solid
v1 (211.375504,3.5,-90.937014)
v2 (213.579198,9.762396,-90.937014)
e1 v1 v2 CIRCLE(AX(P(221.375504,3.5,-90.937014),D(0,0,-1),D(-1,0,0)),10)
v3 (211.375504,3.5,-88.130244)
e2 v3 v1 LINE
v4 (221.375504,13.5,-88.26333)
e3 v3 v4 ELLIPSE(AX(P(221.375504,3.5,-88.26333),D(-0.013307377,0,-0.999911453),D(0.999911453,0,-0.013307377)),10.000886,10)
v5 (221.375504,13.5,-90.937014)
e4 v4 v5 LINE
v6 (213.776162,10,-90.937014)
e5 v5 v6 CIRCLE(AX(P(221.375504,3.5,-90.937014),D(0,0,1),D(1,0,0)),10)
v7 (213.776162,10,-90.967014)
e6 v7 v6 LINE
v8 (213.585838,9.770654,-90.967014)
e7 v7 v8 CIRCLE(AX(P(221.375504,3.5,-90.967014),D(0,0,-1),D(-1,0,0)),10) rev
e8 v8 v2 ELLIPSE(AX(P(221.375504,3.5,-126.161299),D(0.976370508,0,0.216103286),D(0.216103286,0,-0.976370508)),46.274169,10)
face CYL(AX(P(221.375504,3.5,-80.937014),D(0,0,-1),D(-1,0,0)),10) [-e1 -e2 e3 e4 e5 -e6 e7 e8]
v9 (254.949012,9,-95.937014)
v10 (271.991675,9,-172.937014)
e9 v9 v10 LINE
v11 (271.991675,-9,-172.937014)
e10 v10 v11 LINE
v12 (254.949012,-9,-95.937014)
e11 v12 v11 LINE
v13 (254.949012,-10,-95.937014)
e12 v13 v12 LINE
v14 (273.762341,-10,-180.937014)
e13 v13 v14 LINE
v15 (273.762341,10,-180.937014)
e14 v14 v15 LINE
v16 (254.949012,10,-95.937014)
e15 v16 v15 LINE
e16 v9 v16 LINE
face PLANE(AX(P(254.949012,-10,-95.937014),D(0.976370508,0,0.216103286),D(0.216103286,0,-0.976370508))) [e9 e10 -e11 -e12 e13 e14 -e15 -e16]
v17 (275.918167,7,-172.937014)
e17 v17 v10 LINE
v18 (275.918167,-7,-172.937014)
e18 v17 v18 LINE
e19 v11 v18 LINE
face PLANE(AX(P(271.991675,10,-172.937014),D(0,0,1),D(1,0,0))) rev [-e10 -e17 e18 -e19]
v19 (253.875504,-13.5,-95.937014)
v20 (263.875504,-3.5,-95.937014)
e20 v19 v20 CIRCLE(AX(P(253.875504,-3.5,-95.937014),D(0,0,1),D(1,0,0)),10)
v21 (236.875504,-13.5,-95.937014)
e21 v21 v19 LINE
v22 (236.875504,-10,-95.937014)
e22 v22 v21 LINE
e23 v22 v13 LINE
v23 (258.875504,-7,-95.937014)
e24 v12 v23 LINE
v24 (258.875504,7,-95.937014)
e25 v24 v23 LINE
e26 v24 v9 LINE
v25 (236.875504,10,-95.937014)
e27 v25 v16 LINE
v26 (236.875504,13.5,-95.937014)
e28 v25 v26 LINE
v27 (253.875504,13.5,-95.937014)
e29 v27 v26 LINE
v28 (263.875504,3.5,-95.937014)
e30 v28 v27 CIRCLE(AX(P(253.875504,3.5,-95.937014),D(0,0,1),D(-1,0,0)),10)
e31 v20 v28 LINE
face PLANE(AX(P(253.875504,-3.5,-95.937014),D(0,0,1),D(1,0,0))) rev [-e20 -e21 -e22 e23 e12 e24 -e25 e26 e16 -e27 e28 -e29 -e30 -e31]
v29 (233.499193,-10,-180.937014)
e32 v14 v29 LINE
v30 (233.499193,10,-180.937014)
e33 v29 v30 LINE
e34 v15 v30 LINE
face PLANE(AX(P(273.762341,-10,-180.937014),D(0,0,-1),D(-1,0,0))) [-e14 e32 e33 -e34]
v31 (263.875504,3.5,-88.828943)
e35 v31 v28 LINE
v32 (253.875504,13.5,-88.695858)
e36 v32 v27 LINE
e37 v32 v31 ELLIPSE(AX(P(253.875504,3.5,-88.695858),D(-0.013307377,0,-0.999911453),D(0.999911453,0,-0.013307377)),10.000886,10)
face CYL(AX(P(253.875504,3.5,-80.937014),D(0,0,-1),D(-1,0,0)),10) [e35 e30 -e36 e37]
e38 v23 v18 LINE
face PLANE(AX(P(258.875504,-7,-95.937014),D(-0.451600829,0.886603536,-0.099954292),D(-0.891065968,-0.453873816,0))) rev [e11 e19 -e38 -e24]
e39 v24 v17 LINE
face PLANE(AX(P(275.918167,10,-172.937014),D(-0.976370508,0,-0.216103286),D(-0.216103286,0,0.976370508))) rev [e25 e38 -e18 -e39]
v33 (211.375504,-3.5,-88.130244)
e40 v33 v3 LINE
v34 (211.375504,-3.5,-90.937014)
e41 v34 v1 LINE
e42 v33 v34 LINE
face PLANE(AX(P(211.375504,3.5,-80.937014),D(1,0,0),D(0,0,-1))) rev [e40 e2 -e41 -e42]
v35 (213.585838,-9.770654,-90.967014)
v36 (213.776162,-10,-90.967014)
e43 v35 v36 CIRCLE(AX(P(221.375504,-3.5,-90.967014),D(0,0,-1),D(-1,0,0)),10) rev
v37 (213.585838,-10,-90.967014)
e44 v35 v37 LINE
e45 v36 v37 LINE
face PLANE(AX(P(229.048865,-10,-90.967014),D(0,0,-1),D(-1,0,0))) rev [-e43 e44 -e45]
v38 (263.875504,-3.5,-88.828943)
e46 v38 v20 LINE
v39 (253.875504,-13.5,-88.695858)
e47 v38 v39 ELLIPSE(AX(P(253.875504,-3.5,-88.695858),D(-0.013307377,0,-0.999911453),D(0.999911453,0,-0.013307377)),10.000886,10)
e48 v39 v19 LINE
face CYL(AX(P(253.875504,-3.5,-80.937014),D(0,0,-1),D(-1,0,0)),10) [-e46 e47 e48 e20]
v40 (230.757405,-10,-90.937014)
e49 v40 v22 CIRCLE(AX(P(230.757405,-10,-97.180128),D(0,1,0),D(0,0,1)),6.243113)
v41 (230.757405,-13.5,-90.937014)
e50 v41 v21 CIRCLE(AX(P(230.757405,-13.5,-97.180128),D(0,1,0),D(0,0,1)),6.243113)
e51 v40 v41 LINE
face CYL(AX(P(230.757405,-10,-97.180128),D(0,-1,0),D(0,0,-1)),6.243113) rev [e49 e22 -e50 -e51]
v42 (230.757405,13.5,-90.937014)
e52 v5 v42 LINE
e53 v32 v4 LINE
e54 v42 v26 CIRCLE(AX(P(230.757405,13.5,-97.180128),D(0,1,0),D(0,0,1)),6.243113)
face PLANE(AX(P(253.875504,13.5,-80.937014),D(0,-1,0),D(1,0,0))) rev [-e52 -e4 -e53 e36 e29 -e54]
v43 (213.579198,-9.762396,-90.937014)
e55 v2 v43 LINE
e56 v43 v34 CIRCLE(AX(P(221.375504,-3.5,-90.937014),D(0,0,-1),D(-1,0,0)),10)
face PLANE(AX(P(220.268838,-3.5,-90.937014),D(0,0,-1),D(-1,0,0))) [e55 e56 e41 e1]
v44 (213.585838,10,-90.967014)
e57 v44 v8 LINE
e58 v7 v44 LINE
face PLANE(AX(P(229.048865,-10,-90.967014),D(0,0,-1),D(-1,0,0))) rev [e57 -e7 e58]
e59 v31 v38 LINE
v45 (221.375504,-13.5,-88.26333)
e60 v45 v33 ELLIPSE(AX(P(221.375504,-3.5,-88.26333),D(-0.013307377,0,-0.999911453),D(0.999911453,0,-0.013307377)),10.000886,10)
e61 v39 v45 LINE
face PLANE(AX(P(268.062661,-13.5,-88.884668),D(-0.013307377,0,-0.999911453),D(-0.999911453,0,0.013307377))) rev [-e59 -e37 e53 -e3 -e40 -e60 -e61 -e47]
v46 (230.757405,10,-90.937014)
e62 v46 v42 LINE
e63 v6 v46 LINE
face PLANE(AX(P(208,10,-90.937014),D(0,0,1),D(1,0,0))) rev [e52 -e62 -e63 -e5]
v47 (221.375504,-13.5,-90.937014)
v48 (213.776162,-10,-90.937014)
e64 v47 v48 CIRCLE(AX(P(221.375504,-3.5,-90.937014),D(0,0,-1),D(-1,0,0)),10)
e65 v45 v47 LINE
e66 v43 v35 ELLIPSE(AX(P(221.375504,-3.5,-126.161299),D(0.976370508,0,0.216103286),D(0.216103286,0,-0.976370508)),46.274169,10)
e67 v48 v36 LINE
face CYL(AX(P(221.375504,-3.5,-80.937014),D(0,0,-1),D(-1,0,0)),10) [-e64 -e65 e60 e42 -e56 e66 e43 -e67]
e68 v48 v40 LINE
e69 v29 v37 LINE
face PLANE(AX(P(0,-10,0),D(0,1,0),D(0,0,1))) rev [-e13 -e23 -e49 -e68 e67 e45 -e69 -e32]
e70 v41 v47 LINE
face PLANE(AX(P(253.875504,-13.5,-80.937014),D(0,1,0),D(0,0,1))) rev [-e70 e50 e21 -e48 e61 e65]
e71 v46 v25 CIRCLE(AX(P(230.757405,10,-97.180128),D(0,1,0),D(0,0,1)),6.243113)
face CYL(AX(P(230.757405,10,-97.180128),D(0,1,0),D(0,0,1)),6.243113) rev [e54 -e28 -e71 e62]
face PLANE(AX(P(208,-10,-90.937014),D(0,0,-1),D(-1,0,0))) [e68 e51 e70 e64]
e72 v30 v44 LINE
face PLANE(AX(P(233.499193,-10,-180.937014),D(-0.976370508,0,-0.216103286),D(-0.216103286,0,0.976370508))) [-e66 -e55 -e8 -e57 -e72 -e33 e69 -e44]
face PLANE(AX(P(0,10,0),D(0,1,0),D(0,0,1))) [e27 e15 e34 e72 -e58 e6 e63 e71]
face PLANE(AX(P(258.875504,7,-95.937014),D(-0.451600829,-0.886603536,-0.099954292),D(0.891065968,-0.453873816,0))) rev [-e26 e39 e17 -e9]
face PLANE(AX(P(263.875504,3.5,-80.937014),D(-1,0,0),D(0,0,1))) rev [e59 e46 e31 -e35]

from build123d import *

# Parameters (mm, degrees)
EXTRUDE_1_DEPTH          = 10
EXTRUDE_1_DEPTH_BACK     = 10
EXTRUDE_2_DEPTH          = 10
EXTRUDE_2_DEPTH_BACK     = 10
CUT_EXTRUDE_1_DEPTH      = 78.86350451
CUT_EXTRUDE_2_DEPTH      = 331.104586341
CUT_EXTRUDE_2_DEPTH_BACK = 331.104586341
SKETCH_7_W               = 31.119179355
SKETCH_7_H               = 7.69001946
EXTRUDE_3_DEPTH          = 15
CUT_EXTRUDE_3_DEPTH      = 331.22914457
CUT_EXTRUDE_3_DEPTH_BACK = 331.22914457
CUT_EXTRUDE_4_DEPTH      = 3.5
CUT_EXTRUDE_5_DEPTH      = 5.121010883


with BuildPart() as part:
    # 草图3 → 凸台-拉伸1 (new, two sides: drawn at the far end of the back side and taken through both)
    with BuildSketch(Plane(origin=(0, 0, 0), x_dir=(1, 0, 0), z_dir=(0, 1, 0)).offset(-EXTRUDE_1_DEPTH_BACK)):
        Polygon((213.340896476, 89.860350871), (216.879610096, 89.860350871), (218.224577979, 95.937014496), (254.949012169, 95.937014496), (273.762340852, 180.937014496), (233.499193043, 180.937014496), align=None)
    extrude(amount=EXTRUDE_1_DEPTH + EXTRUDE_1_DEPTH_BACK)

    # 草图5 → 凸台-拉伸2 (add, two sides: drawn at the far end of the back side and taken through both)
    with BuildSketch(Plane(origin=(0, 0, 0), x_dir=(1, 0, 0), z_dir=(0, 1, 0)).offset(-EXTRUDE_2_DEPTH_BACK)):
        Polygon((271.991674623, 172.937014496), (275.918166689, 172.937014496), (258.875504234, 95.937014496), (254.949012169, 95.937014496), align=None)
    extrude(amount=EXTRUDE_2_DEPTH + EXTRUDE_2_DEPTH_BACK)

    # 草图6 → 切除-拉伸1 (cut, along a direction that is not the sketch's normal)
    with BuildSketch(Plane(origin=(0, 0, -172.937014496), x_dir=(-1, 0, 0), z_dir=(0, 0, -1))):
        Polygon((-275.918166689, 7), (-271.991674623, 9), (-271.991674623, 10), (-275.918166689, 10), align=None)
        Polygon((-271.991674623, -9), (-271.991674623, -10), (-275.918166689, -10), (-275.918166689, -7), align=None)
    extrude(amount=-CUT_EXTRUDE_1_DEPTH, dir=(0.21610328580589588, 0, -0.9763705084976171), mode=Mode.SUBTRACT)

    # 草图7 → 切除-拉伸2 (cut, two sides: drawn at the far end of the back side and taken through both)
    with BuildSketch(Plane(origin=(0, 0, 0), x_dir=(1, 0, 0), z_dir=(0, 1, 0)).offset(-CUT_EXTRUDE_2_DEPTH_BACK)):
        with Locations((213.489275448, 87.122004766)):
            Rectangle(SKETCH_7_W, SKETCH_7_H)
    extrude(amount=CUT_EXTRUDE_2_DEPTH + CUT_EXTRUDE_2_DEPTH_BACK, mode=Mode.SUBTRACT)

    # 草图8 → 凸台-拉伸3 (add)
    with BuildSketch(Plane.XY.offset(-95.937014496)):
        with BuildLine():
            Line((253.875504234, 13.5), (221.375504234, 13.5))
            ThreePointArc((221.375504234, 13.5), (214.304436422, 10.571067812), (211.375504234, 3.5))
            Line((211.375504234, 3.5), (211.375504234, -3.5))
            ThreePointArc((211.375504234, -3.5), (214.304436422, -10.571067812), (221.375504234, -13.5))
            Line((221.375504234, -13.5), (253.875504234, -13.5))
            ThreePointArc((253.875504234, -13.5), (260.946572046, -10.571067812), (263.875504234, -3.5))
            Line((263.875504234, -3.5), (263.875504234, 3.5))
            ThreePointArc((263.875504234, 3.5), (260.946572046, 10.571067812), (253.875504234, 13.5))
        make_face()
    extrude(amount=EXTRUDE_3_DEPTH)

    # 草图11 → 切除-拉伸3 (cut, two sides: drawn at the far end of the back side and taken through both)
    with BuildSketch(Plane(origin=(0, 0, 0), x_dir=(1, 0, 0), z_dir=(0, 1, 0)).offset(-CUT_EXTRUDE_3_DEPTH_BACK)):
        Polygon((268.062661222, 88.884668272), (201.658116102, 88.000919674), (201.658116102, 68.770636621), (268.062661222, 68.770636621), align=None)
    extrude(amount=CUT_EXTRUDE_3_DEPTH + CUT_EXTRUDE_3_DEPTH_BACK, mode=Mode.SUBTRACT)

    # 草图13 → 切除-拉伸4 (cut)
    with BuildSketch(Plane(origin=(0, 13.5, 0), x_dir=(1, 0, 0), z_dir=(0, 1, 0))):
        with BuildLine():
            Line((208, 90.937014496), (230.757405295, 90.937014496))
            ThreePointArc((230.757405295, 90.937014496), (234.708074056, 92.346011488), (236.875504234, 95.937014496))
            Line((236.875504234, 95.937014496), (236.875504234, 103.30474676))
            Line((236.875504234, 103.30474676), (208, 103.30474676))
            Line((208, 103.30474676), (208, 90.937014496))
        make_face()
    cut_extrude_4 = extrude(amount=-CUT_EXTRUDE_4_DEPTH, mode=Mode.SUBTRACT)

    # 镜向1: 切除-拉伸4 across plane
    add(cut_extrude_4.mirror(Plane.ZX), mode=Mode.SUBTRACT)

    # 草图14 → 切除-拉伸5 (cut, along a direction that is not the sketch's normal)
    with BuildSketch(Plane(origin=(0, 0, -95.937014496), x_dir=(-1, 0, 0), z_dir=(0, 0, -1))):
        with BuildLine():
            Line((-213.776162157, -10), (-214.68586436, -10))
            Line((-214.68586436, -10), (-214.68586436, 10))
            Line((-214.68586436, 10), (-213.776162157, 10))
            ThreePointArc((-213.776162157, 10), (-211.994848053, 6.964576398), (-211.375504234, 3.5))
            Line((-211.375504234, 3.5), (-211.375504234, -3.5))
            ThreePointArc((-211.375504234, -3.5), (-211.994848053, -6.964576398), (-213.776162157, -10))
        make_face()
    extrude(amount=-CUT_EXTRUDE_5_DEPTH, dir=(0.2161032858058959, 0, -0.9763705084976171), mode=Mode.SUBTRACT)


solid = part.part
